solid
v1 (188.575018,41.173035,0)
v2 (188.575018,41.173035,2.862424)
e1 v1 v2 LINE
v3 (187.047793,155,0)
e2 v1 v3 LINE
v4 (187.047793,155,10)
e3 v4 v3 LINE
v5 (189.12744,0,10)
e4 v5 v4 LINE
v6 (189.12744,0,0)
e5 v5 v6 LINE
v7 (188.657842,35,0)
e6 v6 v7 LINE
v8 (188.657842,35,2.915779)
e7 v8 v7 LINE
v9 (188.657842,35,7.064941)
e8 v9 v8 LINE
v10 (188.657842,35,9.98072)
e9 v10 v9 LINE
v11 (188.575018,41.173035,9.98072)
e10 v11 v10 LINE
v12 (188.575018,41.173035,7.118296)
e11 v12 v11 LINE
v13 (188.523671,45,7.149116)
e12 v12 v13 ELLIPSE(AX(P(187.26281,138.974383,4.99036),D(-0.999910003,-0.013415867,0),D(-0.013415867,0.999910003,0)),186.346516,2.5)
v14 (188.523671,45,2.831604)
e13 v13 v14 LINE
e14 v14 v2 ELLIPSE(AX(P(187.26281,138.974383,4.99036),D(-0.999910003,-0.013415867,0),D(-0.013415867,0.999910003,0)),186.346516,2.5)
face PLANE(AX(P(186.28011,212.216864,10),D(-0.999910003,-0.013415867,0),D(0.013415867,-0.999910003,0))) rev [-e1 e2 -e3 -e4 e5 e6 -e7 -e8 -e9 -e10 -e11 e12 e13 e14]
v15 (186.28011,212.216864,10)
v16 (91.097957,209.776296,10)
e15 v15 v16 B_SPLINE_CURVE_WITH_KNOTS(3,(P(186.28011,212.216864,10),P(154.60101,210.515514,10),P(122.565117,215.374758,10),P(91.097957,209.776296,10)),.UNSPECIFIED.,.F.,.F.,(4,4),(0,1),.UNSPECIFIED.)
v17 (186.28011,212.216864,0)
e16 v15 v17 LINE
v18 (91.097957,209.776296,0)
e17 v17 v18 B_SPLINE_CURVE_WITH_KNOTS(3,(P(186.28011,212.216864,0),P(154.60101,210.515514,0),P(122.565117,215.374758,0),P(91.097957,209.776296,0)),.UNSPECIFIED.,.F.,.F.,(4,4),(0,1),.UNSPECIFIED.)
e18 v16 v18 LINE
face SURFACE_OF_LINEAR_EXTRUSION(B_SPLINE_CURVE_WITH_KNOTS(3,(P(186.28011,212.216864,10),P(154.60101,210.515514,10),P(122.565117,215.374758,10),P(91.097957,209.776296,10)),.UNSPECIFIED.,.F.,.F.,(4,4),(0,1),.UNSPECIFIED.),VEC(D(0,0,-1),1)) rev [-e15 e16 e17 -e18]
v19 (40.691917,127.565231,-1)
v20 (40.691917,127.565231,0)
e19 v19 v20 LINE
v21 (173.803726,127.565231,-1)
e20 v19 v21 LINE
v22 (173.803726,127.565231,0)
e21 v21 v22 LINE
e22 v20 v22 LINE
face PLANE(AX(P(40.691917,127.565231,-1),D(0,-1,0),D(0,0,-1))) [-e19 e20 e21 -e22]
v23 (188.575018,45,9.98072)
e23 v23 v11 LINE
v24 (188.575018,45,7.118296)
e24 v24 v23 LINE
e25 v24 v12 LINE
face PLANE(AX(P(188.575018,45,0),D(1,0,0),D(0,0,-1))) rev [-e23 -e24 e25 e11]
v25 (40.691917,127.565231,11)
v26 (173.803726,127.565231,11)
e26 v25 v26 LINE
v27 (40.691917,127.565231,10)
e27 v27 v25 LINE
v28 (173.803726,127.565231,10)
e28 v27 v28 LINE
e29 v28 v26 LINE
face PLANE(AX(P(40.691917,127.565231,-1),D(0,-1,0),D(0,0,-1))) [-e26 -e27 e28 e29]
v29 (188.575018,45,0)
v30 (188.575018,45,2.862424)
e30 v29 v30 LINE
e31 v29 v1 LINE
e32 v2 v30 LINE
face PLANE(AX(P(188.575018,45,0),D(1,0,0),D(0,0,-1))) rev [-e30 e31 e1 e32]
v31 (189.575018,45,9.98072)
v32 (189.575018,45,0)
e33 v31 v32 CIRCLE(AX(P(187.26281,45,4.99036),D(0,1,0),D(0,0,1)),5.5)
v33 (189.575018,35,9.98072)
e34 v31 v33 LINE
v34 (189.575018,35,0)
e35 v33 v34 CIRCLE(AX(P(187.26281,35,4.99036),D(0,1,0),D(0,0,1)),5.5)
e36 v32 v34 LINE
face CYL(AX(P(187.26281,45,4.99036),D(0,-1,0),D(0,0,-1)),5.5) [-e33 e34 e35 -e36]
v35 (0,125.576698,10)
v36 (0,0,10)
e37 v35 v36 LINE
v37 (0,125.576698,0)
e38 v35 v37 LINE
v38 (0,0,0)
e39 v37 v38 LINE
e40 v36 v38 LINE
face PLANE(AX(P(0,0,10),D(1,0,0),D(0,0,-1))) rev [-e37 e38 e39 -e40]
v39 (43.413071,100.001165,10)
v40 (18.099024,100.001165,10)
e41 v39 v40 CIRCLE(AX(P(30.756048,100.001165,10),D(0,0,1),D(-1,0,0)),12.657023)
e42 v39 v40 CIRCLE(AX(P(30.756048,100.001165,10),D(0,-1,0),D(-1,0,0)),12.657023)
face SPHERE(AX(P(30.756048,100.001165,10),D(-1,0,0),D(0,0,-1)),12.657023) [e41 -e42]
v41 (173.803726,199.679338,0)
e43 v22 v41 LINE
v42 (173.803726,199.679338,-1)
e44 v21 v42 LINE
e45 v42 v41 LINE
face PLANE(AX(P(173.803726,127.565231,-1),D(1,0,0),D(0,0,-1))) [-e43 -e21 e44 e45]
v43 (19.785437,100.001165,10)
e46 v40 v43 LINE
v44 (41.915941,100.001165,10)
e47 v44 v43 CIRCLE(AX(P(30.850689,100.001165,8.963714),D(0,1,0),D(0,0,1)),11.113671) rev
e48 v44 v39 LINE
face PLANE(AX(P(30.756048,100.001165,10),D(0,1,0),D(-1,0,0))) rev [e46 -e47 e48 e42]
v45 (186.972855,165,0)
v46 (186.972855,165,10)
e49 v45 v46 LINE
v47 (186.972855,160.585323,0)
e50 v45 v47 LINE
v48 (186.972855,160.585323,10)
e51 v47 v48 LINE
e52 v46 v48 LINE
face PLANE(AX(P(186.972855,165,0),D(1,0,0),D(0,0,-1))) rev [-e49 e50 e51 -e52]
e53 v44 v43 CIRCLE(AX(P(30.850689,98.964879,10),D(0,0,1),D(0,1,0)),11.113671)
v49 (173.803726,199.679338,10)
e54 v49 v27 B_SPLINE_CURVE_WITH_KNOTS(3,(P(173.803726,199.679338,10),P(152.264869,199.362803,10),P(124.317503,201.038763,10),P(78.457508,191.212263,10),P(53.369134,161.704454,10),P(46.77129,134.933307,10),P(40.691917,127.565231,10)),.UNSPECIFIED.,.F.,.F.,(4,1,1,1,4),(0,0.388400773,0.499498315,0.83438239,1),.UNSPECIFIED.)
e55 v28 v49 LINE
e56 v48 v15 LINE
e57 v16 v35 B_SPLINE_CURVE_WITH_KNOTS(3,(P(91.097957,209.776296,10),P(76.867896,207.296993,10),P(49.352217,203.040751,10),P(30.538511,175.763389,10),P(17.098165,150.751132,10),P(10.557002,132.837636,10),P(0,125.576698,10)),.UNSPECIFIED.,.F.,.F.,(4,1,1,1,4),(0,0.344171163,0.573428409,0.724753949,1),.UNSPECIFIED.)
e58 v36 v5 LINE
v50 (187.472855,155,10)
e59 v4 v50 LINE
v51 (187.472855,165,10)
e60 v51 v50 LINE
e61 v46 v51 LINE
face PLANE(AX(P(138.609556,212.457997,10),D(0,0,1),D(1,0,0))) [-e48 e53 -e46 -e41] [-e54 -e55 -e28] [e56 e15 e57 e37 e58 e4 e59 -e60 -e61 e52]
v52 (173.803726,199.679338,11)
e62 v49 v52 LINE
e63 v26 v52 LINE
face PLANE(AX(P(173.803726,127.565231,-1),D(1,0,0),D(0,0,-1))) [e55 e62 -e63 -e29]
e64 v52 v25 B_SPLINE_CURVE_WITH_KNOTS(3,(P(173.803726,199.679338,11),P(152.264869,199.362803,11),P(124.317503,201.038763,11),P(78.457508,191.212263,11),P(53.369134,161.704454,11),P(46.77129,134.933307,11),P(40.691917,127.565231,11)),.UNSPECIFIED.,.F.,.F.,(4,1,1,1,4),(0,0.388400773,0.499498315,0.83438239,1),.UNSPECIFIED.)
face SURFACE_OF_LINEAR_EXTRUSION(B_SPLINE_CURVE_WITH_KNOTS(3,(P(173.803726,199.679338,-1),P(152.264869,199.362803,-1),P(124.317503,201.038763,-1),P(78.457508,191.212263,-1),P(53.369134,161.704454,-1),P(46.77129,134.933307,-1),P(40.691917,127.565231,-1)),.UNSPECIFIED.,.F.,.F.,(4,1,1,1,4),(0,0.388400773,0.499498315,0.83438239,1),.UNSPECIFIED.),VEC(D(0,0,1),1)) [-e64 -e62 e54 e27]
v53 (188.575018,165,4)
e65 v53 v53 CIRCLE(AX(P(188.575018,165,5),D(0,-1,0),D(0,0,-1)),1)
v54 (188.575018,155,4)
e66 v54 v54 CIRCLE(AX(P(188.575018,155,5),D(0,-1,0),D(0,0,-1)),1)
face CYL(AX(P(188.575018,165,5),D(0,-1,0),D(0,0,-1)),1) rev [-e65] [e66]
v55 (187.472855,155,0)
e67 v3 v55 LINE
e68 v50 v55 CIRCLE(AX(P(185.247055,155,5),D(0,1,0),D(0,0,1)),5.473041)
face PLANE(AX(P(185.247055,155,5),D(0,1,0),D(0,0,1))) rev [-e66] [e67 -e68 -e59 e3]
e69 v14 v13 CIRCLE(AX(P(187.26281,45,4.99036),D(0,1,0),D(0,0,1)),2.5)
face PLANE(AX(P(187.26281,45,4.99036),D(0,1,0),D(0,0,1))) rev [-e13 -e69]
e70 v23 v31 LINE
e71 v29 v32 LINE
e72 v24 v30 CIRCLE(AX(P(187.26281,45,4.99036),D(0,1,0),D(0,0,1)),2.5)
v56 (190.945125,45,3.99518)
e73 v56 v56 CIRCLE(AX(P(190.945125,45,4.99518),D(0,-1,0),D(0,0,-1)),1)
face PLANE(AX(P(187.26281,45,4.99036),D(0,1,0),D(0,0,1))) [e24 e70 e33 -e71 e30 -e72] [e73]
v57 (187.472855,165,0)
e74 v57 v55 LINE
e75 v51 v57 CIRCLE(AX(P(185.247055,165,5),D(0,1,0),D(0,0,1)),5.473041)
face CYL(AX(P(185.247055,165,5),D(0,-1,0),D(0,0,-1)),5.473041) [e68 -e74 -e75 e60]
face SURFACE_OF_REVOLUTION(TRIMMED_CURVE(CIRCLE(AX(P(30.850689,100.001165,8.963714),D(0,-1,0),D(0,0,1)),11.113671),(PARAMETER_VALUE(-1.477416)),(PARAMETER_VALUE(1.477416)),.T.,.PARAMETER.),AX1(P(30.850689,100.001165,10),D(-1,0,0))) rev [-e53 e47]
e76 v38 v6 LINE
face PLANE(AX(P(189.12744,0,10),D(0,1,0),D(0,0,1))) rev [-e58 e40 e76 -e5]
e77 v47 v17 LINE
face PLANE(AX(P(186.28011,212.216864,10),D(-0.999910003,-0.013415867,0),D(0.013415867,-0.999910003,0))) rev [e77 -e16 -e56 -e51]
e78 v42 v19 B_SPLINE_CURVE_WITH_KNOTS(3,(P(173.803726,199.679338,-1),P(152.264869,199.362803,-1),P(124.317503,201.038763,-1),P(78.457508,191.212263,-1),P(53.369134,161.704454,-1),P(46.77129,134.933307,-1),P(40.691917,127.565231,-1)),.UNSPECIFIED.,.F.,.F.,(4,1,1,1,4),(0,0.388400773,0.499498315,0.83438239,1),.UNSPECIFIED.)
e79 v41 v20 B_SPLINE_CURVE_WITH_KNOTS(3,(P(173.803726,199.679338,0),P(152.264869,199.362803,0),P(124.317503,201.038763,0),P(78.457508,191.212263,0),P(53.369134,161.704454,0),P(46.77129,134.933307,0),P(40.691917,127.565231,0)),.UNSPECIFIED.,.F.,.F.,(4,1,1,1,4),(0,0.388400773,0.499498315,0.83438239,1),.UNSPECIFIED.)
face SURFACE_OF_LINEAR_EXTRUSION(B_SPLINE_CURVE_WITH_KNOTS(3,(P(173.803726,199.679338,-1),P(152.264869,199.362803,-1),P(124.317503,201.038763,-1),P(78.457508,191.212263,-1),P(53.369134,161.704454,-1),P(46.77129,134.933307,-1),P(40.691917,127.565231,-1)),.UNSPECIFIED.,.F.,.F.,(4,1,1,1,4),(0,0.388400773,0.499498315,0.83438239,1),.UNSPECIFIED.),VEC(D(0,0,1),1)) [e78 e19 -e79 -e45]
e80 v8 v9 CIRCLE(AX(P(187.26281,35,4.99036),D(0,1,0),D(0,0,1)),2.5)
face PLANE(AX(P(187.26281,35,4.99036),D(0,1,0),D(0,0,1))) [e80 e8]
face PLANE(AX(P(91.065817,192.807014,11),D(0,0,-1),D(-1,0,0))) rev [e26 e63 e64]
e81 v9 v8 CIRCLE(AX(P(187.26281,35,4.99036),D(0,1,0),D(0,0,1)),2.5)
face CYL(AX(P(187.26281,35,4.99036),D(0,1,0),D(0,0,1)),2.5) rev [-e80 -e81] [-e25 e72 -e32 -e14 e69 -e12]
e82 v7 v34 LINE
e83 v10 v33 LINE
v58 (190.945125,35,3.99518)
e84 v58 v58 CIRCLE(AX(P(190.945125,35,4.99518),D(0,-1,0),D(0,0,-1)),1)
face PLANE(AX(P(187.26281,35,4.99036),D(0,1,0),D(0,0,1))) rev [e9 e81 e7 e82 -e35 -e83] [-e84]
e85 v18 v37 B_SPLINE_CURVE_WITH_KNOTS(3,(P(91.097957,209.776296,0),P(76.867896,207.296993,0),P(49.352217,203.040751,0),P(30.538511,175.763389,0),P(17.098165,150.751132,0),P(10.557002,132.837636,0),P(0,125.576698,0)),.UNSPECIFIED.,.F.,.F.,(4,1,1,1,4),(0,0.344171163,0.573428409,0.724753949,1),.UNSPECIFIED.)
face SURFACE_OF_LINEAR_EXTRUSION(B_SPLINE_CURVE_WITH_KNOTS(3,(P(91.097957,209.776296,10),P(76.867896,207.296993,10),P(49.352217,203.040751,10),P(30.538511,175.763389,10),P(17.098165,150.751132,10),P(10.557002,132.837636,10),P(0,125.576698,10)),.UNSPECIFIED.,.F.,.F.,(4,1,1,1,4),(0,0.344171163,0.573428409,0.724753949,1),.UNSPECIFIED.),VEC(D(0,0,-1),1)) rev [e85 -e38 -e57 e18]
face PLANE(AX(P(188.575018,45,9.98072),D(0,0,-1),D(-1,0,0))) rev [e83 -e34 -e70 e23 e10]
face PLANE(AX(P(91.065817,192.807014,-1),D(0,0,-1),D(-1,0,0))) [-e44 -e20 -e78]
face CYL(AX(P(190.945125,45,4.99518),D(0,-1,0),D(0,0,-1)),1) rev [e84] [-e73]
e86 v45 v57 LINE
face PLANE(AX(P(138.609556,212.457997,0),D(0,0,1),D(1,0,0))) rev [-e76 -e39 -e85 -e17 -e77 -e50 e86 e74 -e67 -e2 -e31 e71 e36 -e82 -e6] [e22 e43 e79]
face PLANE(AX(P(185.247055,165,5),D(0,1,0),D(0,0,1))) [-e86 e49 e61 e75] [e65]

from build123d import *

# Parameters (mm, degrees)
BOSS_EXTRUDE1_DEPTH          = 10
BOSS_EXTRUDE2_DEPTH          = 1
BOSS_EXTRUDE2_DEPTH_BACK     = 11
REVOLVE1_ANGLE               = 90
CUT_REVOLVE1_ANGLE           = 45
CUT_REVOLVE1_OTHER_WAY_ANGLE = 90
BOSS_EXTRUDE3_DEPTH          = 5
BOSS_EXTRUDE3_DEPTH_BACK     = 5
BOSS_EXTRUDE4_DEPTH          = 5
BOSS_EXTRUDE4_DEPTH_BACK     = 5
SKETCH19_R                   = 1
CUT_EXTRUDE3_DEPTH           = 10
SKETCH24_R                   = 1
CUT_EXTRUDE4_DEPTH           = 10
SKETCH21_R                   = 2.5
CUT_EXTRUDE2_DEPTH           = 10


with BuildPart() as part:
    # Sketch1 → Boss-Extrude1 (new body)
    with BuildSketch(Plane.XY):
        with BuildLine():
            Line((186.280110435, 212.216863761), (189.127439812, 0))
            Line((189.127439812, 0), (0, 0))
            Line((0, 0), (0, 125.576698411))
            add(Edge.make_bspline(
                [(0, 125.576698411), (10.557001905, 132.837635912), (17.098165485, 150.751131911), (30.538510921, 175.76338894), (49.352217031, 203.04075133), (76.867896029, 207.296992896), (91.097956951, 209.776295723)],
                knots=[0, 0, 0, 0, 0.275246051, 0.426571591, 0.655828837, 1, 1, 1, 1], degree=3))
            add(Edge.make_bspline(
                [(91.097956951, 209.776295723), (122.565116695, 215.374757588), (154.60100966, 210.515513687), (186.280110435, 212.216863761)],
                knots=[0, 0, 0, 0, 1, 1, 1, 1], degree=3))
        make_face()
    extrude(amount=BOSS_EXTRUDE1_DEPTH)

    # Sketch3 → Boss-Extrude2 (add, two sides: drawn at the far end of the back side and taken through both)
    with BuildSketch(Plane.XY.offset(10).offset(-BOSS_EXTRUDE2_DEPTH_BACK)):
        with BuildLine():
            Line((40.691917073, 127.565231362), (173.80372619, 127.565231362))
            Line((173.80372619, 127.565231362), (173.80372619, 199.679337801))
            add(Edge.make_bspline(
                [(40.691917073, 127.565231362), (46.771290341, 134.933306827), (53.369134393, 161.704453989), (78.457507643, 191.212262771), (124.31750344, 201.038762955), (152.264868916, 199.362802741), (173.80372619, 199.679337801)],
                knots=[0, 0, 0, 0, 0.16561761, 0.500501685, 0.611599227, 1, 1, 1, 1], degree=3))
        make_face()
    extrude(amount=BOSS_EXTRUDE2_DEPTH + BOSS_EXTRUDE2_DEPTH_BACK)

    # Sketch4 → Revolve1 (revolve)
    with BuildSketch(Plane.XY.offset(10)):
        with BuildLine():
            Line((18.099024499, 100.001165305), (43.413071111, 100.001165305))
            ThreePointArc((43.413071111, 100.001165305), (30.756047805, 112.658188611), (18.099024499, 100.001165305))
        make_face()
    revolve(axis=Axis((18.099024499, 100.001165305, 10), (1, 0, 0)), revolution_arc=REVOLVE1_ANGLE)

    # Sketch7 → Cut-Revolve1 (revolve, cut)
    with BuildSketch(Plane.XZ.offset(-100.001165305)):
        with BuildLine():
            Line((19.785436848, 10), (41.915940994, 10))
            ThreePointArc((41.915940994, 10), (30.850688921, 20.07738513), (19.785436848, 10))
        make_face()
    revolve(axis=Axis((19.785436848, 100.001165305, 10), (1, 0, 0)), revolution_arc=CUT_REVOLVE1_ANGLE, mode=Mode.SUBTRACT)

    # Sketch7 → Cut-Revolve1 other way (revolve, cut)
    with BuildSketch(Plane.XZ.offset(-100.001165305)):
        with BuildLine():
            Line((19.785436848, 10), (41.915940994, 10))
            ThreePointArc((41.915940994, 10), (30.850688921, 20.07738513), (19.785436848, 10))
        make_face()
    revolve(axis=Axis((19.785436848, 100.001165305, 10), (-1, 0, 0)), revolution_arc=CUT_REVOLVE1_OTHER_WAY_ANGLE, mode=Mode.SUBTRACT)

    # Sketch17 → Boss-Extrude3 (add, two sides: drawn at the far end of the back side and taken through both)
    with BuildSketch(Plane(origin=(0, 40, 0), x_dir=(-1, 0, 0), z_dir=(0, -1, 0)).offset(-BOSS_EXTRUDE3_DEPTH_BACK)):
        with BuildLine():
            Line((-188.57501815, 0), (-189.57501815, 0))
            ThreePointArc((-189.57501815, 0), (-192.762810227, -4.99036016), (-189.57501815, -9.98072032))
            Line((-189.57501815, -9.98072032), (-188.57501815, -9.98072032))
            Line((-188.57501815, -9.98072032), (-188.57501815, 0))
        make_face()
    extrude(amount=BOSS_EXTRUDE3_DEPTH + BOSS_EXTRUDE3_DEPTH_BACK)

    # Sketch18 → Boss-Extrude4 (add, two sides: drawn at the far end of the back side and taken through both)
    with BuildSketch(Plane(origin=(0, 160, 0), x_dir=(-1, 0, 0), z_dir=(0, -1, 0)).offset(-BOSS_EXTRUDE4_DEPTH_BACK)):
        with BuildLine():
            Line((-186.972854644, -10), (-187.472854644, -10))
            ThreePointArc((-187.472854644, -10), (-190.720096746, -5), (-187.472854644, 0))
            Line((-187.472854644, 0), (-186.972854644, 0))
            Line((-186.972854644, 0), (-186.972854644, -10))
        make_face()
    extrude(amount=BOSS_EXTRUDE4_DEPTH + BOSS_EXTRUDE4_DEPTH_BACK)

    # Sketch19 → Cut-Extrude3 (cut)
    with BuildSketch(Plane.XZ.offset(-155)):
        with Locations((188.57501815, 5)):
            Circle(SKETCH19_R)
    extrude(amount=-CUT_EXTRUDE3_DEPTH, mode=Mode.SUBTRACT)

    # Sketch24 → Cut-Extrude4 (cut)
    with BuildSketch(Plane.XZ.offset(-35)):
        with Locations((190.94512502, 4.99518008)):
            Circle(SKETCH24_R)
    extrude(amount=-CUT_EXTRUDE4_DEPTH, mode=Mode.SUBTRACT)

    # Sketch21 → Cut-Extrude2 (cut)
    with BuildSketch(Plane(origin=(0, 45, 0), x_dir=(1, 0, 0), z_dir=(0, 1, 0))):
        with Locations((187.262810227, -4.99036016)):
            Circle(SKETCH21_R)
    extrude(amount=-CUT_EXTRUDE2_DEPTH, mode=Mode.SUBTRACT)


solid = part.part
